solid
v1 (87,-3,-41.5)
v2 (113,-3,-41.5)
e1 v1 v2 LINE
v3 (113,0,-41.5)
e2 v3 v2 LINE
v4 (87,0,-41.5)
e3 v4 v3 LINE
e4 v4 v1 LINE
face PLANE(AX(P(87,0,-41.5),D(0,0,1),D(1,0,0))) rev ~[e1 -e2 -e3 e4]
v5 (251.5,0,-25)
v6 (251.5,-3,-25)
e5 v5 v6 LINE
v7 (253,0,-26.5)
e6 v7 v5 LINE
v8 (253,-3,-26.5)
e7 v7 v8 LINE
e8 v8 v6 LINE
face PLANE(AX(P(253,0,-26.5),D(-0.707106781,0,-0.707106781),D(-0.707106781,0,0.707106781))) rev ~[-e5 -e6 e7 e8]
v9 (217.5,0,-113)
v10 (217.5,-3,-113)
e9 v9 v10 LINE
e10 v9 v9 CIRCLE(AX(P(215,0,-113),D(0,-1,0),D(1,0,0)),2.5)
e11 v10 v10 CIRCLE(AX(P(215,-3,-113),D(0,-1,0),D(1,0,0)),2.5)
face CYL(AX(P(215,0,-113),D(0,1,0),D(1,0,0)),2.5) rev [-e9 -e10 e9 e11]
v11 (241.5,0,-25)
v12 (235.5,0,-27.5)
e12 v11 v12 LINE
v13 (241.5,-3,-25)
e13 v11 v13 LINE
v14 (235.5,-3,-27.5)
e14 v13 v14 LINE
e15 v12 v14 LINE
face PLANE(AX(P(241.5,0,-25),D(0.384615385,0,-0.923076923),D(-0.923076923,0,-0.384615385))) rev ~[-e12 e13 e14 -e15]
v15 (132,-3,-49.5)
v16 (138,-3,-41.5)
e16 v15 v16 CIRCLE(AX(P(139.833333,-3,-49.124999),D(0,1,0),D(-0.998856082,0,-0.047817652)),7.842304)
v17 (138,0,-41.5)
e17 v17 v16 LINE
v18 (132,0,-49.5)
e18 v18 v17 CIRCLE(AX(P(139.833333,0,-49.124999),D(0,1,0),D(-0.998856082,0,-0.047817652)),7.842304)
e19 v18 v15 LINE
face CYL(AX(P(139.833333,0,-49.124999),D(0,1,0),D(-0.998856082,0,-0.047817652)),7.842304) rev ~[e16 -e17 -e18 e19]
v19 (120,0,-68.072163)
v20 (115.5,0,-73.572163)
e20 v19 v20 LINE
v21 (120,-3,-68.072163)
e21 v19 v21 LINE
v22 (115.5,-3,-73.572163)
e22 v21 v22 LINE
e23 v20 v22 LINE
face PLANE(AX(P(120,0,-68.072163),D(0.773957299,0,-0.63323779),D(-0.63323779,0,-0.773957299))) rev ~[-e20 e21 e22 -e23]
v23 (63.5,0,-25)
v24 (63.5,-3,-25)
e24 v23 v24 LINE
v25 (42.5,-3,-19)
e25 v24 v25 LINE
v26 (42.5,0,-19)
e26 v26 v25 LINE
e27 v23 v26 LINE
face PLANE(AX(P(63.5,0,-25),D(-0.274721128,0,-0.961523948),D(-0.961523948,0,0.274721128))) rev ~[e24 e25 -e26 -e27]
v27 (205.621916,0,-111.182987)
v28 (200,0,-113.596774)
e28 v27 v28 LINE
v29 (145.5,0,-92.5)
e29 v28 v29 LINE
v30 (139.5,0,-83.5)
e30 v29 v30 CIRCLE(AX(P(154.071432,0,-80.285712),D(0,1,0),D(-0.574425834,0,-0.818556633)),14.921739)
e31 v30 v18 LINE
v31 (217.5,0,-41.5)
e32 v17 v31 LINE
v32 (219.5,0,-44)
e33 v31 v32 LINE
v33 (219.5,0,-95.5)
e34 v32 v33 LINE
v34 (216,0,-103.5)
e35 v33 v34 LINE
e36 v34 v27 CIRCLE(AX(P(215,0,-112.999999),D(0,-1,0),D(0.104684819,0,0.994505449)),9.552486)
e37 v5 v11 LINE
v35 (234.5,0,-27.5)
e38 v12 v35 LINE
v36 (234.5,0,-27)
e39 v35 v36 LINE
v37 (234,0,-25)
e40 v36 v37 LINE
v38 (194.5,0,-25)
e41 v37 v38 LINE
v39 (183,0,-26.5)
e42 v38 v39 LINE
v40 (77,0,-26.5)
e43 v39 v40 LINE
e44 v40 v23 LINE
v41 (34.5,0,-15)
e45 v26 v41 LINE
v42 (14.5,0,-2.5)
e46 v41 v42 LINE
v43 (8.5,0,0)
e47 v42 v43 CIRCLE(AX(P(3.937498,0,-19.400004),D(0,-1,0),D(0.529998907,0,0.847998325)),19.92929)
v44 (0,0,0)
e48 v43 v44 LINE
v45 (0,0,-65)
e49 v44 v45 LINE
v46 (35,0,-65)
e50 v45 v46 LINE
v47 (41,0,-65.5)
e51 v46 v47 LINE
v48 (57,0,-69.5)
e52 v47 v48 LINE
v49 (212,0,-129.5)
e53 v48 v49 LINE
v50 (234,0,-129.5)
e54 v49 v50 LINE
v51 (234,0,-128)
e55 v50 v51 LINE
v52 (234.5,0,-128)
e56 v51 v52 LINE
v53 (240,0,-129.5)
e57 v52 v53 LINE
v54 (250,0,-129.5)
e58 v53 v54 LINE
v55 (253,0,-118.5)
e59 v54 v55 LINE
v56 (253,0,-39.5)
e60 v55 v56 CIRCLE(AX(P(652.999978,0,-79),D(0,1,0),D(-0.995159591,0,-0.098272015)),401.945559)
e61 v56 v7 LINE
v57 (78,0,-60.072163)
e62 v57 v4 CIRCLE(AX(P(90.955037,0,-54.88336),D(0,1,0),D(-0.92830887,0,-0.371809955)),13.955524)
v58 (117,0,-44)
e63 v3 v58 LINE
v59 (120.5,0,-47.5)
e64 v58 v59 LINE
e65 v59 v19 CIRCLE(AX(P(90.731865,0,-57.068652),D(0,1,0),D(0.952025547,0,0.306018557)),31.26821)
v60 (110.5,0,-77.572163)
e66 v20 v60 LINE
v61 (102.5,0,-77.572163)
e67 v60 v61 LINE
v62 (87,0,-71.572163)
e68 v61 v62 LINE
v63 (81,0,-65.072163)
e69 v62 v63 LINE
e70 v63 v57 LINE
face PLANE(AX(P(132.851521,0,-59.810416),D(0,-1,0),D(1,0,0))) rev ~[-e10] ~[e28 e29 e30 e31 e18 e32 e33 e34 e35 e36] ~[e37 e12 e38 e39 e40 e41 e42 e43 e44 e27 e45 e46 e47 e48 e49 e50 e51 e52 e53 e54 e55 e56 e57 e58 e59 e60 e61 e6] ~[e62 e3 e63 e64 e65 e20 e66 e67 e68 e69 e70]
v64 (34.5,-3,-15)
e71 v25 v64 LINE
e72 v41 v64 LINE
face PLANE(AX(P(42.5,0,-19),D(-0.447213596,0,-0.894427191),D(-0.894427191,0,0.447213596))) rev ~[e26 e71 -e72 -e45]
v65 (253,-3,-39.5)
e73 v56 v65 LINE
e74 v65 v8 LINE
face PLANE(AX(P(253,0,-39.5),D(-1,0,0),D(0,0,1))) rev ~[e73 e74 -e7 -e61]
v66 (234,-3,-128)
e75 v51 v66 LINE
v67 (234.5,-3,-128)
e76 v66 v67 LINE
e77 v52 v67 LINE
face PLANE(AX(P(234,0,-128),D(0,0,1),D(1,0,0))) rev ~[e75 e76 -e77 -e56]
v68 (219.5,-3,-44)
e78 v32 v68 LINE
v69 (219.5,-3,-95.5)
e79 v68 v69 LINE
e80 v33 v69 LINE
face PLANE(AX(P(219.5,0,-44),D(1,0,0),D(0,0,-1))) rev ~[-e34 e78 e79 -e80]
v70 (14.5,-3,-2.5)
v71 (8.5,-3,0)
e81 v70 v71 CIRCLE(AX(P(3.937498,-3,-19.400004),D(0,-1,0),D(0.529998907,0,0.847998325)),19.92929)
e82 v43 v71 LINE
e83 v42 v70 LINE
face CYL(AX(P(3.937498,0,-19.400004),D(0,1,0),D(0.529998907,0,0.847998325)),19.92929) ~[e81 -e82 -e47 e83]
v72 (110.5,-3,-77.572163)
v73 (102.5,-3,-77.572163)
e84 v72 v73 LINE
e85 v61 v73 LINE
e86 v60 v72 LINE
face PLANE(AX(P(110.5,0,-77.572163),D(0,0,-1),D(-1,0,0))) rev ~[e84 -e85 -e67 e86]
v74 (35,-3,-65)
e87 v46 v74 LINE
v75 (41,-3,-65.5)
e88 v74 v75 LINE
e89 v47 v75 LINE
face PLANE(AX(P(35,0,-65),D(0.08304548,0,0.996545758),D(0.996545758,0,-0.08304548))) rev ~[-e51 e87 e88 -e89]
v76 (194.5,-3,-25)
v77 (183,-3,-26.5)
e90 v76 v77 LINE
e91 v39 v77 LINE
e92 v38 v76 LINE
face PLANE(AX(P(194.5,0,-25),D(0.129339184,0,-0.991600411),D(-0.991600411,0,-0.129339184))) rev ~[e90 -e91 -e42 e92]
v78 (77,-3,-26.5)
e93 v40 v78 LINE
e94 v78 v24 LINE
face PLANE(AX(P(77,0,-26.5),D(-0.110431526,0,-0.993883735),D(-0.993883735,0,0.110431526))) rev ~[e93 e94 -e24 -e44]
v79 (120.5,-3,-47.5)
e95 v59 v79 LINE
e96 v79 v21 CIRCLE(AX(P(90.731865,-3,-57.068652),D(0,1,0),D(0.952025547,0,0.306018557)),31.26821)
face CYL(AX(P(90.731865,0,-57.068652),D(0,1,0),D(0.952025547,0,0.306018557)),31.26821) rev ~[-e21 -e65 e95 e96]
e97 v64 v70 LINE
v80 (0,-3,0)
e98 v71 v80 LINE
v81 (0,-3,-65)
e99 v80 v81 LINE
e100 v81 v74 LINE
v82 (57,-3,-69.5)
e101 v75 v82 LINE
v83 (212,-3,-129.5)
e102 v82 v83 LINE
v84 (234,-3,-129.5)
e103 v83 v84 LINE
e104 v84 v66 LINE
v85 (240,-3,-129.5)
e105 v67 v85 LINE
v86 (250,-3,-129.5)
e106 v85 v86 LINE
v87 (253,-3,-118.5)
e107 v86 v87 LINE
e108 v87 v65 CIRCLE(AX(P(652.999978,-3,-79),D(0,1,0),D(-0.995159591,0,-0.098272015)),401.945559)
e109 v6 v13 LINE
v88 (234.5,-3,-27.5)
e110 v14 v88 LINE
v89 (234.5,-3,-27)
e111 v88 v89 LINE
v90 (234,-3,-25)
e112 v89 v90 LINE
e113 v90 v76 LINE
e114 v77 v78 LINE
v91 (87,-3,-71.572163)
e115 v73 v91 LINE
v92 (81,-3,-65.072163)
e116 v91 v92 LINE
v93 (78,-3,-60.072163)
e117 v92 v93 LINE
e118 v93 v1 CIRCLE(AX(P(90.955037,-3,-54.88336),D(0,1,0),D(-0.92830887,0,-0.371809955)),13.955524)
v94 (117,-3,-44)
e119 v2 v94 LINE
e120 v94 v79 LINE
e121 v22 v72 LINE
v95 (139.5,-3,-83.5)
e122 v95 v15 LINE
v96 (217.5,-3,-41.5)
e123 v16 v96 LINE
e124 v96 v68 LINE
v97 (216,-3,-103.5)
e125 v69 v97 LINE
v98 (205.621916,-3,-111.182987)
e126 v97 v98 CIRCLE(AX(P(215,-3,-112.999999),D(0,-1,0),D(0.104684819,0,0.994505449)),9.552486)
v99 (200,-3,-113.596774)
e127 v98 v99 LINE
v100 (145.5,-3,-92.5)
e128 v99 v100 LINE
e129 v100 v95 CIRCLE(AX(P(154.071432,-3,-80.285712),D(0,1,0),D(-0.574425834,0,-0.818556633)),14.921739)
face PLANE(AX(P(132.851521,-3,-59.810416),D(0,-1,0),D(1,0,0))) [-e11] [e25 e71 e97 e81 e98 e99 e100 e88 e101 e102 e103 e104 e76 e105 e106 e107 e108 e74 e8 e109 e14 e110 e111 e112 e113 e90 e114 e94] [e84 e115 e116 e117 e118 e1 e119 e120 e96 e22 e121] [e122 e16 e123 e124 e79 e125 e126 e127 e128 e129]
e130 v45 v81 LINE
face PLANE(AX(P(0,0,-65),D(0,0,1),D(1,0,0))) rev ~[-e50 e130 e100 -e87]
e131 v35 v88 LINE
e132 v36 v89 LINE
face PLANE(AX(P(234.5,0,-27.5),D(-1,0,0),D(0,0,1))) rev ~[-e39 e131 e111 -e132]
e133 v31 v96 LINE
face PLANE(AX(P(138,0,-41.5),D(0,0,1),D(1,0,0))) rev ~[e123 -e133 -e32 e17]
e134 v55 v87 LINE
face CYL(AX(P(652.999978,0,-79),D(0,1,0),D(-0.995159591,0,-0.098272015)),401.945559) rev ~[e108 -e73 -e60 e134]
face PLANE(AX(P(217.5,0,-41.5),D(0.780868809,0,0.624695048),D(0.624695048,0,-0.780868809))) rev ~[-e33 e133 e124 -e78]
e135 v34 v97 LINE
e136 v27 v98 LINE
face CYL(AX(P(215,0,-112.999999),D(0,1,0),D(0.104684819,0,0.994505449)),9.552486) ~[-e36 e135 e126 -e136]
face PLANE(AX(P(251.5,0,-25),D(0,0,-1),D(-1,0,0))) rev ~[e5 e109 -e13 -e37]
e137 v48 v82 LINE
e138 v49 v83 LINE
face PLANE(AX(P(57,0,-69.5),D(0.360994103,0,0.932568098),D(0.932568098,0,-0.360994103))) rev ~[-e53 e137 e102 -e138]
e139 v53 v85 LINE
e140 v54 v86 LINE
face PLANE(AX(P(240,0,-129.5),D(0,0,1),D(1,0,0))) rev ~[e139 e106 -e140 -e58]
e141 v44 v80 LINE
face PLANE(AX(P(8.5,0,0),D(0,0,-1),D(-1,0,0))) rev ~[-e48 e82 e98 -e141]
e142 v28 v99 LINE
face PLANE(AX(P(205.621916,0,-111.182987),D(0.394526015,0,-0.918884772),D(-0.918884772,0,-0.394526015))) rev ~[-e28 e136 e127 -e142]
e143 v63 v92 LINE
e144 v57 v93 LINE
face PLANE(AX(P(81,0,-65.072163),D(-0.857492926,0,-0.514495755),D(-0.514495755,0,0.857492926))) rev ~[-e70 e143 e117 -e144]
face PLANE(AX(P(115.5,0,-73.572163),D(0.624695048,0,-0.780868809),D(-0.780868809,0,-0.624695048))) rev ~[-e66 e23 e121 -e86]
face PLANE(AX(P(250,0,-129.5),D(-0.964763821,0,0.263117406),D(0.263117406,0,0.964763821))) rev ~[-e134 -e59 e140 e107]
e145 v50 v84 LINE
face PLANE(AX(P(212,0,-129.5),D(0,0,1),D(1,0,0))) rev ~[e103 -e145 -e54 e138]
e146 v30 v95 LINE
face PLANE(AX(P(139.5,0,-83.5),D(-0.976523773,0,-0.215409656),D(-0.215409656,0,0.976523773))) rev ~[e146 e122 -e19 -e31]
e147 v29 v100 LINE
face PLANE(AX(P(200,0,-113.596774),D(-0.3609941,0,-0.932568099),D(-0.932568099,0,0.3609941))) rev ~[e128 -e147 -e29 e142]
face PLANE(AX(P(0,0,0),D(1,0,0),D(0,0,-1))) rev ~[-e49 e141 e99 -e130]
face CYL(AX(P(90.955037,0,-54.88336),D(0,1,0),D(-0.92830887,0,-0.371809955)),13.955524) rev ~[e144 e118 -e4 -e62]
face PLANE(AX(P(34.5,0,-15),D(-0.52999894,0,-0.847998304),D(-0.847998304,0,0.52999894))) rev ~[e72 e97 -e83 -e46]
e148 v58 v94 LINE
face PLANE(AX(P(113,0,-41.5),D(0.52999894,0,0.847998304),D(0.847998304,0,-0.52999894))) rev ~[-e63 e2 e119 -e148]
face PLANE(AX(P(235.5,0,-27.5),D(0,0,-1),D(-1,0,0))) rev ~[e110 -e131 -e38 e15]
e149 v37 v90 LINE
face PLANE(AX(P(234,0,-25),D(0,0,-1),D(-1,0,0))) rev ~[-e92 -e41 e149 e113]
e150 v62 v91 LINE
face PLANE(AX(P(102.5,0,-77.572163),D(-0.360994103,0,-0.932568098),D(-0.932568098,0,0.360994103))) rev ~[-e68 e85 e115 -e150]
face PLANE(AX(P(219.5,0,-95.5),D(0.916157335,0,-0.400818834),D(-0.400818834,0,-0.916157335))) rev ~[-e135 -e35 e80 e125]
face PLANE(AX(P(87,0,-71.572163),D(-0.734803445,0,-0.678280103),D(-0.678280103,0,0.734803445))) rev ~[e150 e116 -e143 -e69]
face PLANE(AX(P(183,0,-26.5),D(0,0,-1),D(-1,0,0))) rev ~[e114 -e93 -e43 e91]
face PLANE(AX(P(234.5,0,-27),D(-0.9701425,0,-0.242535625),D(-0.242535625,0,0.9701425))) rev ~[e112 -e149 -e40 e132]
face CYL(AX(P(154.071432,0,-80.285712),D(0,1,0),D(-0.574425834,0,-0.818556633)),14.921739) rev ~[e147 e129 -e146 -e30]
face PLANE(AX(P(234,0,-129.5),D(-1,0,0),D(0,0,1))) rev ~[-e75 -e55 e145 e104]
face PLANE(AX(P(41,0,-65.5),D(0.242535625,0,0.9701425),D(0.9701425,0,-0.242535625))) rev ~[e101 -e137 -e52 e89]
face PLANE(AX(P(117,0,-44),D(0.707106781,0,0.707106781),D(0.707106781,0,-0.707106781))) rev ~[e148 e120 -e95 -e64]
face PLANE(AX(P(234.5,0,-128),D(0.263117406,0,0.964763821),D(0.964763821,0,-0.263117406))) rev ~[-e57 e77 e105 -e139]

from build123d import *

# Parameters (mm, degrees)
F0_R     = 2.5
F1_DEPTH = 3


with BuildPart() as f1:
    # F0 (on Front) → F1 (new body)
    with BuildSketch(Plane.XZ):
        with BuildLine():
            Line((8.5, 0), (0, 0))
            Line((0, 0), (0, -65))
            Line((0, -65), (35, -65))
            Line((35, -65), (41, -65.5))
            Line((41, -65.5), (57, -69.5))
            Line((57, -69.5), (212, -129.5))
            Line((212, -129.5), (234, -129.5))
            Line((234, -129.5), (234, -128))
            Line((234, -128), (234.5, -128))
            Line((234.5, -128), (240, -129.5))
            Line((240, -129.5), (250, -129.5))
            Line((250, -129.5), (253, -118.5))
            ThreePointArc((253, -118.5), (251.054419, -79), (253, -39.5))
            Line((253, -39.5), (253, -26.5))
            Line((253, -26.5), (251.5, -25))
            Line((251.5, -25), (241.5, -25))
            Line((241.5, -25), (235.5, -27.5))
            Line((235.5, -27.5), (234.5, -27.5))
            Line((234.5, -27.5), (234.5, -27))
            Line((234.5, -27), (234, -25))
            Line((234, -25), (194.5, -25))
            Line((194.5, -25), (183, -26.5))
            Line((183, -26.5), (77, -26.5))
            Line((77, -26.5), (63.5, -25))
            Line((63.5, -25), (42.5, -19))
            Line((42.5, -19), (34.5, -15))
            Line((34.5, -15), (14.5, -2.5))
            ThreePointArc((14.5, -2.5), (11.60261, -1.003737), (8.5, 0))
        make_face()
        with Locations((215, -113)):
            Circle(F0_R, mode=Mode.SUBTRACT)
        with BuildLine():
            ThreePointArc((132, -49.5), (133.55949, -44.419617), (138, -41.5))
            Line((138, -41.5), (217.5, -41.5))
            Line((217.5, -41.5), (219.5, -44))
            Line((219.5, -44), (219.5, -95.5))
            Line((219.5, -95.5), (216, -103.5))
            ThreePointArc((216, -103.5), (209.316238, -105.322445), (205.621916, -111.182987))
            Line((205.621916, -111.182987), (200, -113.596774))
            Line((200, -113.596774), (145.5, -92.5))
            ThreePointArc((145.5, -92.5), (141.655795, -88.562803), (139.5, -83.5))
            Line((139.5, -83.5), (132, -49.5))
        make_face(mode=Mode.SUBTRACT)
        with BuildLine():
            ThreePointArc((78, -60.072163), (78.396416, -48.7975), (87, -41.5))
            Line((87, -41.5), (113, -41.5))
            Line((113, -41.5), (117, -44))
            Line((117, -44), (120.5, -47.5))
            ThreePointArc((120.5, -47.5), (121.990844, -57.828392), (120, -68.072163))
            Line((120, -68.072163), (115.5, -73.572163))
            Line((115.5, -73.572163), (110.5, -77.572163))
            Line((110.5, -77.572163), (102.5, -77.572163))
            Line((102.5, -77.572163), (87, -71.572163))
            Line((87, -71.572163), (81, -65.072163))
            Line((81, -65.072163), (78, -60.072163))
        make_face(mode=Mode.SUBTRACT)
    extrude(amount=F1_DEPTH)


solid = f1.part
